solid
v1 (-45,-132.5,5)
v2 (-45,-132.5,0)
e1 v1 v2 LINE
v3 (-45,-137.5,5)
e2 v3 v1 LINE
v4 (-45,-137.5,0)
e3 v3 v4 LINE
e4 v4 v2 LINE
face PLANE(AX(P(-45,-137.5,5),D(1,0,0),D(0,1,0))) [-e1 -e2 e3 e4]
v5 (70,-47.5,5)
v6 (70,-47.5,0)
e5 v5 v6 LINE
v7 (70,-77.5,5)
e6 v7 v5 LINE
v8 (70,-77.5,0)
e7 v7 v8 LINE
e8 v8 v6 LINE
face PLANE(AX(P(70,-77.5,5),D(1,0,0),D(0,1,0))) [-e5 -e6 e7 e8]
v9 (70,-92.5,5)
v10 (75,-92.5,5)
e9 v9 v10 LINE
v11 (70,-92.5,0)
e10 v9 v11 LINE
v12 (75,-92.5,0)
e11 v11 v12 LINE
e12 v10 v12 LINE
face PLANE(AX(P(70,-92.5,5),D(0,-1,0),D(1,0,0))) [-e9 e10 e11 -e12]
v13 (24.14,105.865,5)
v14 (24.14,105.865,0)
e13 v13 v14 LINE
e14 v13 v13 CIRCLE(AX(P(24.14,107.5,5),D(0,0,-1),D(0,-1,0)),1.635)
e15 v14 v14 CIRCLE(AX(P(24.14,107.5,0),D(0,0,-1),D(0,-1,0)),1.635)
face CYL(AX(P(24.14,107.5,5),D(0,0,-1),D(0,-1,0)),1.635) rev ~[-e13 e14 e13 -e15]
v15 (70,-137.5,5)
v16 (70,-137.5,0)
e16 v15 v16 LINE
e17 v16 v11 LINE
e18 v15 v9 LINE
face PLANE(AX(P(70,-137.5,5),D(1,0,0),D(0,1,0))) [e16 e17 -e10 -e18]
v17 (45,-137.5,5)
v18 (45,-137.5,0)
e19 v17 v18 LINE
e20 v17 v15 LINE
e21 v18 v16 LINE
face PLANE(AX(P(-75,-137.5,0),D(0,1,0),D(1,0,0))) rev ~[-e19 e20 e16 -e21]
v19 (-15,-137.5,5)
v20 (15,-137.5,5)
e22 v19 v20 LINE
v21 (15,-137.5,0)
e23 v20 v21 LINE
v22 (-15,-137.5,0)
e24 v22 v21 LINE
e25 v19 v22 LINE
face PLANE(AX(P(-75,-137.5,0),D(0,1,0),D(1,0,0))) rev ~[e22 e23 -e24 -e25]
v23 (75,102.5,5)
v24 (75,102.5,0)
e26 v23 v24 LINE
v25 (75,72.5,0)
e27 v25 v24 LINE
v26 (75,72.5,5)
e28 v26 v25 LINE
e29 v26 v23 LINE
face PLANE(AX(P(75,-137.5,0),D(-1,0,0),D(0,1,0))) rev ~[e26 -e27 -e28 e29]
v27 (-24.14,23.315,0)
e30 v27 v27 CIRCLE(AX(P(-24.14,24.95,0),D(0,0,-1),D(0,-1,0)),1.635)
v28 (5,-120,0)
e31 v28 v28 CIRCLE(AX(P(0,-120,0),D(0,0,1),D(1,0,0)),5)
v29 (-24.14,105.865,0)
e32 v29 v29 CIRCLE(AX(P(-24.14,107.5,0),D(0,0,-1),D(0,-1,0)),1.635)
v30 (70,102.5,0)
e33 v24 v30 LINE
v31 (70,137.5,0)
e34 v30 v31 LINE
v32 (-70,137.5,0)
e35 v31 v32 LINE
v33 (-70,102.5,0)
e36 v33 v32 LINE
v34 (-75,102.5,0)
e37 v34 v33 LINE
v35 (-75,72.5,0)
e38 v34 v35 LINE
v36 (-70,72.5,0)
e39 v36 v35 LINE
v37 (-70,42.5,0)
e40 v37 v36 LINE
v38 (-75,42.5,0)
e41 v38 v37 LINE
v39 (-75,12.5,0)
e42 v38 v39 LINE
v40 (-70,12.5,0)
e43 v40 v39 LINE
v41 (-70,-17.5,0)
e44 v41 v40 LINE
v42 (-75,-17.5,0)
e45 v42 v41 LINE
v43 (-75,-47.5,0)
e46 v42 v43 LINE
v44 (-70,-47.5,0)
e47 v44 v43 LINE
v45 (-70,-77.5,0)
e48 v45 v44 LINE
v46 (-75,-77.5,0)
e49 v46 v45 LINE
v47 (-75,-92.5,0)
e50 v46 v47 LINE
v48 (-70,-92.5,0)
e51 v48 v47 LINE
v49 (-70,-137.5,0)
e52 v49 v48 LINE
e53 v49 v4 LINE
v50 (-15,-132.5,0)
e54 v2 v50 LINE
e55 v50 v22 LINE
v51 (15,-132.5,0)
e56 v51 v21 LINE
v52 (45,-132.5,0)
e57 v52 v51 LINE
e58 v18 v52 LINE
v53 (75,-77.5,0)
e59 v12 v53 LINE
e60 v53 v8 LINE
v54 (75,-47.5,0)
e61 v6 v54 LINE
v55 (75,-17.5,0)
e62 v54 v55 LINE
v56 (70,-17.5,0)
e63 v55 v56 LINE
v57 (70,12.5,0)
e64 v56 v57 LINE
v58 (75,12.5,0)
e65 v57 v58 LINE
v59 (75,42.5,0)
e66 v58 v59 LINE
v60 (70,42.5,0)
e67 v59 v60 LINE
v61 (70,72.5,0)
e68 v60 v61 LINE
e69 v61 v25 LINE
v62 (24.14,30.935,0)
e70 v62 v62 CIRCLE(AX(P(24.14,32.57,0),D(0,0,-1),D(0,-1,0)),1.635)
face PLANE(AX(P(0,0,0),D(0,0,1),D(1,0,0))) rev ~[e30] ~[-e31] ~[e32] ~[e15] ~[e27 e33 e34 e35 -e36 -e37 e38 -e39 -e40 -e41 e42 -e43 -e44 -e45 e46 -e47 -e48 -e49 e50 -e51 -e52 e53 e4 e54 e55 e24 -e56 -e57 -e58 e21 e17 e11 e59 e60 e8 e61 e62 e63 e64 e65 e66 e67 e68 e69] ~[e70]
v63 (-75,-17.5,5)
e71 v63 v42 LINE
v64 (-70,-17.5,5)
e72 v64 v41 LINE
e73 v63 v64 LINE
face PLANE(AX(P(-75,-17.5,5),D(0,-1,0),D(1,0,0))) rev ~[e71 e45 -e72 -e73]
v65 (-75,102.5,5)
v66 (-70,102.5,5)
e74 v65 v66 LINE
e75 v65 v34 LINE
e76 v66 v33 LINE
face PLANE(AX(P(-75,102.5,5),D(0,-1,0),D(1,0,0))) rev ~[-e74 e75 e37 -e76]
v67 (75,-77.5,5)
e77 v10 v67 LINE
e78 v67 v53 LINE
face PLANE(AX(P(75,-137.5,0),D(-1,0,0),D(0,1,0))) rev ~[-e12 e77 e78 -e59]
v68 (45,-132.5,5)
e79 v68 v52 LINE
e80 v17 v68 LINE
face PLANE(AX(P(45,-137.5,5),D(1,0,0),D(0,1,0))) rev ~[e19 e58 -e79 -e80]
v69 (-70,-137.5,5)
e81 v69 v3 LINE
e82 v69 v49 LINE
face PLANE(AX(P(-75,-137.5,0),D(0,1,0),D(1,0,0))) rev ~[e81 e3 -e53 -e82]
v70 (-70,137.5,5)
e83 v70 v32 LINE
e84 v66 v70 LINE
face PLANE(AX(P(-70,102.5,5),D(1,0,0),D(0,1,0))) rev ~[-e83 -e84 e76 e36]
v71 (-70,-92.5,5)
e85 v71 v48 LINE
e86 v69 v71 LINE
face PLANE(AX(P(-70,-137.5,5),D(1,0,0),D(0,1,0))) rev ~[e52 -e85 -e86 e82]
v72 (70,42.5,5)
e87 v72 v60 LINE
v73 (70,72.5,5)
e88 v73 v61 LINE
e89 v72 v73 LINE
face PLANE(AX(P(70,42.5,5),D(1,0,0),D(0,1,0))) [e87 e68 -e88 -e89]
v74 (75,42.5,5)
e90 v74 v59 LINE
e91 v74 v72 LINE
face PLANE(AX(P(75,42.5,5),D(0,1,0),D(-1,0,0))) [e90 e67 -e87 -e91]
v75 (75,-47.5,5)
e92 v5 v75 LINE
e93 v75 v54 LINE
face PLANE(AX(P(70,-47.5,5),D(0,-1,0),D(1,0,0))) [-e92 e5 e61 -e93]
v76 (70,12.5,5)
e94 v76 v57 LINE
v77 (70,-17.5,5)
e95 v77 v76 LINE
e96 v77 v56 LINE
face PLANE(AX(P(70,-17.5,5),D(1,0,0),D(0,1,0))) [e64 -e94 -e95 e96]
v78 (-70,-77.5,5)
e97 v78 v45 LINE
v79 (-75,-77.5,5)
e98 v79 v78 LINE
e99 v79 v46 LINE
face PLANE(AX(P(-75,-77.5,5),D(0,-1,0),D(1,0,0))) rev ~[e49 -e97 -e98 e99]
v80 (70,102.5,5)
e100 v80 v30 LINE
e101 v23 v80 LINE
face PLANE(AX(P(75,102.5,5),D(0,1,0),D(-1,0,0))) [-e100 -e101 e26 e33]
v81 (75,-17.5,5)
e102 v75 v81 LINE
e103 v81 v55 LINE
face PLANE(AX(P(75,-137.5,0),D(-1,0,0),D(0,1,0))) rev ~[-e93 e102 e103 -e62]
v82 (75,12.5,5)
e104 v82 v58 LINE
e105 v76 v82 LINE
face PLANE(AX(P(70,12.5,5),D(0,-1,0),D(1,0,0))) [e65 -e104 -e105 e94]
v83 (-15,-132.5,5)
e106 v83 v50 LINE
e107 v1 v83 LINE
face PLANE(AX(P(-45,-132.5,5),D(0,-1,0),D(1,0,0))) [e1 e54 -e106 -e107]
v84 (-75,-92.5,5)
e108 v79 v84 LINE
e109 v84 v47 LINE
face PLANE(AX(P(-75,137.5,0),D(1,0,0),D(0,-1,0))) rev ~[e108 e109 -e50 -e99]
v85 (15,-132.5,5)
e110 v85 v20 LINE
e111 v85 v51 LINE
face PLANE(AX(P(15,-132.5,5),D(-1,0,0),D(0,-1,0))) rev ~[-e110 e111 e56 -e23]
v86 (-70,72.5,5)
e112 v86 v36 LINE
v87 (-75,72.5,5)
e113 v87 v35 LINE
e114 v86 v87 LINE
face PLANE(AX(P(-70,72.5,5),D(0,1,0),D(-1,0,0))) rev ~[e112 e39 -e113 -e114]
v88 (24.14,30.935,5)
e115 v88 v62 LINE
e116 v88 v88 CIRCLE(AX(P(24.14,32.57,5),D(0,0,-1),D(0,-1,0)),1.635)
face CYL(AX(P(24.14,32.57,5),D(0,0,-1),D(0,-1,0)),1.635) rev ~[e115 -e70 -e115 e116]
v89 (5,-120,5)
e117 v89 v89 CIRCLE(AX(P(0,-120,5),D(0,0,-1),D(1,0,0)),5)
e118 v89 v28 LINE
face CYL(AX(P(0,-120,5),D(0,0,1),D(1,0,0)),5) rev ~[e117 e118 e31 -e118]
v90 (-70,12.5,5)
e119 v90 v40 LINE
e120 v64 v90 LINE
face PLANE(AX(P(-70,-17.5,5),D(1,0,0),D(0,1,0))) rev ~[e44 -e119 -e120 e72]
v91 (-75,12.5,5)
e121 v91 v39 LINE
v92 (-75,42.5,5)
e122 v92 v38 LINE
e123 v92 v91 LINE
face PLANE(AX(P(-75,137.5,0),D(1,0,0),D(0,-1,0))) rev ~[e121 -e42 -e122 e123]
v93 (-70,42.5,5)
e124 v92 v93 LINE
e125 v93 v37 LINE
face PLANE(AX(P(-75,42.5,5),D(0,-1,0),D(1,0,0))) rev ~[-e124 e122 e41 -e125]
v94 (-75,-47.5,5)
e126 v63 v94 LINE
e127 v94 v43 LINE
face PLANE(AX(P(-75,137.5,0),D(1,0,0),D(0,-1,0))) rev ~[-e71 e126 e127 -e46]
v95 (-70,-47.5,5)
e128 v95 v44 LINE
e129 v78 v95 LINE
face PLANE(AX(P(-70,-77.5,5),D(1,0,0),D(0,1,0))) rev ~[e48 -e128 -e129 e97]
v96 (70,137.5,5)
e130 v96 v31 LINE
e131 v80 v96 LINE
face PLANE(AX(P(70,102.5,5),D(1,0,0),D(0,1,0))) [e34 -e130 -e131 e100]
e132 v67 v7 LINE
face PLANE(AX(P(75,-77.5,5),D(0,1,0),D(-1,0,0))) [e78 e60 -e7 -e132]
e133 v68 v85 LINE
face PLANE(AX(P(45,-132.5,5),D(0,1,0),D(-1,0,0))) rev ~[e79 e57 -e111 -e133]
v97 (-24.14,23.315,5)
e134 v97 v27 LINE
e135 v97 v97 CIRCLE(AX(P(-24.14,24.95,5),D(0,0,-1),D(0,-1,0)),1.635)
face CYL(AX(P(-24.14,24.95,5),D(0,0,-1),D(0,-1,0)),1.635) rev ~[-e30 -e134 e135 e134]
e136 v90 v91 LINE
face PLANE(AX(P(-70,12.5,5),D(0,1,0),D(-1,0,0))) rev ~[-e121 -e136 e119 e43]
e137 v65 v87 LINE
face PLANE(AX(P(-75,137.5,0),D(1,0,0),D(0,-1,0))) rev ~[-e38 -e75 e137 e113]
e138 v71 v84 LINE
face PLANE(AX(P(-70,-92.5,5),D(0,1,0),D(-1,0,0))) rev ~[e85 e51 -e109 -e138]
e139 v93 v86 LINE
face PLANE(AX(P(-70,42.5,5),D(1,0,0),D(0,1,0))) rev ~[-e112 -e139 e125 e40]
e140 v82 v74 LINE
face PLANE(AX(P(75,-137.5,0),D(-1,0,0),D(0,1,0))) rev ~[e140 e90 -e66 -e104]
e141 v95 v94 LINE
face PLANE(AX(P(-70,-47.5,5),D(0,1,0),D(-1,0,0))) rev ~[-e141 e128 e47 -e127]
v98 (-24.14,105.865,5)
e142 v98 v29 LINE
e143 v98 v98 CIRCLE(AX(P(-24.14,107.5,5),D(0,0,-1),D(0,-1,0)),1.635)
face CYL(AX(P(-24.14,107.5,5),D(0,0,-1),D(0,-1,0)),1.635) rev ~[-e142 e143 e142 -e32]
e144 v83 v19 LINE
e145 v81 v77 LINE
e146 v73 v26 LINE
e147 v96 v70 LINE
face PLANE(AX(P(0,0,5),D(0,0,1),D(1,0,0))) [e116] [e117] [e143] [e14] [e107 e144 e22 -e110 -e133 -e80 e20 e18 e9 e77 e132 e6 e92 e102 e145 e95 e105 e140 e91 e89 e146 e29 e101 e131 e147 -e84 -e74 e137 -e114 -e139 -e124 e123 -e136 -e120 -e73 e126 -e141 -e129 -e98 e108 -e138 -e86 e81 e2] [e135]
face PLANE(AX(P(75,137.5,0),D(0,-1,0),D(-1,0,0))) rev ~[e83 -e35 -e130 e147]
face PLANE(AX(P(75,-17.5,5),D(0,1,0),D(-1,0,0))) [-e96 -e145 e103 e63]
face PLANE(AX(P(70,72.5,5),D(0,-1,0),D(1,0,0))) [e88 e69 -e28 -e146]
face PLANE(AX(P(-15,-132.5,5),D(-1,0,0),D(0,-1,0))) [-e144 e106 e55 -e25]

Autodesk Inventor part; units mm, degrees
sketch "Sketch1" plane through (0, 0, 0) normal (0, 0, 1) x (1, 0, 0)
  line L0 (0, 2.8582) -> (0, -2.8582) construction
  line L1 (-5.7775, 0) -> (5.7775, 0) construction
  line L2 (-75, -137.5) -> (75, -137.5)
  line L3 (75, -137.5) -> (75, 137.5)
  line L4 (75, 137.5) -> (-75, 137.5)
  line L5 (-75, 137.5) -> (-75, -137.5)
  line L6 (-75, -137.5) -> (75, 137.5) construction
  line L7 (75, -137.5) -> (-75, 137.5) construction
  point P0 (0, 0)
  point P1 (0, 0)
  dimension "d0" = 150
  dimension "d1" = 275
extrude "Extrusion1" add sketch "Sketch1" along normal blind 5
sketch "Sketch2" plane through (0, 0, 5) normal (0, 0, 1) x (1, 0, 0)
  line L0 (0, 0) -> (0, -120)
  circle A0 centre (0, -120) radius 5
  line L1 (-75, 137.5) -> (-75, -137.5) projected
  line L2 (-75, -137.5) -> (-70, -137.5)
  line L3 (-70, -137.5) -> (-70, -92.5)
  line L4 (-70, -92.5) -> (-75, -92.5)
  line L5 (-75, -92.5) -> (-75, -137.5)
  line L6 (-75, -92.5) -> (-75, -77.5)
  line L7 (-75, -77.5) -> (-75, -47.5)
  line L8 (-75, -47.5) -> (-75, -17.5)
  line L9 (-75, -17.5) -> (-75, 12.5)
  line L10 (-75, 12.5) -> (-75, 42.5)
  line L11 (-75, 42.5) -> (-75, 72.5)
  line L12 (-75, 72.5) -> (-75, 102.5)
  line L13 (-75, 102.5) -> (-75, 132.5)
  line L14 (-75, -77.5) -> (-70, -77.5)
  line L15 (-70, -77.5) -> (-70, -47.5)
  line L16 (-70, -47.5) -> (-75, -47.5)
  line L17 (-75, -47.5) -> (-75, -77.5)
  line L18 (-75, -17.5) -> (-70, -17.5)
  line L19 (-70, -17.5) -> (-70, 12.5)
  line L20 (-70, 12.5) -> (-75, 12.5)
  line L21 (-75, 12.5) -> (-75, -17.5)
  line L22 (-75, 42.5) -> (-70, 42.5)
  line L23 (-70, 42.5) -> (-70, 72.5)
  line L24 (-70, 72.5) -> (-75, 72.5)
  line L25 (-75, 72.5) -> (-75, 42.5)
  line L26 (75, 137.5) -> (-75, 137.5) projected
  line L27 (-75, 102.5) -> (-70, 102.5)
  line L28 (-70, 102.5) -> (-70, 137.5)
  line L29 (-70, 137.5) -> (-75, 137.5)
  line L30 (-75, 137.5) -> (-75, 102.5)
  line L31 (75, -137.5) -> (75, 137.5) projected
  line L32 (75, -137.5) -> (75, -92.5)
  line L33 (75, -92.5) -> (75, -77.5)
  line L34 (75, -77.5) -> (75, -47.5)
  line L35 (75, -47.5) -> (75, -17.5)
  line L36 (75, -17.5) -> (75, 12.5)
  line L37 (75, 12.5) -> (75, 42.5)
  line L38 (75, 42.5) -> (75, 72.5)
  line L39 (75, 72.5) -> (75, 102.5)
  line L40 (75, 102.5) -> (75, 132.5)
  line L41 (-75, -137.5) -> (75, -137.5) projected
  line L42 (75, -137.5) -> (70, -137.5)
  line L43 (70, -137.5) -> (70, -92.5)
  line L44 (70, -92.5) -> (75, -92.5)
  line L45 (75, -92.5) -> (75, -137.5)
  line L46 (75, -77.5) -> (70, -77.5)
  line L47 (70, -77.5) -> (70, -47.5)
  line L48 (70, -47.5) -> (75, -47.5)
  line L49 (75, -47.5) -> (75, -77.5)
  line L50 (75, -17.5) -> (70, -17.5)
  line L51 (70, -17.5) -> (70, 12.5)
  line L52 (70, 12.5) -> (75, 12.5)
  line L53 (75, 12.5) -> (75, -17.5)
  line L54 (75, 42.5) -> (70, 42.5)
  line L55 (70, 42.5) -> (70, 72.5)
  line L56 (70, 72.5) -> (75, 72.5)
  line L57 (75, 72.5) -> (75, 42.5)
  line L58 (75, 102.5) -> (70, 102.5)
  line L59 (70, 102.5) -> (70, 137.5)
  line L60 (70, 137.5) -> (75, 137.5)
  line L61 (75, 137.5) -> (75, 102.5)
  line L62 (0, -137.5) -> (-15, -137.5)
  line L63 (-15, -137.5) -> (15, -137.5)
  line L64 (-15, -137.5) -> (-45, -137.5)
  line L65 (-45, -137.5) -> (-45, -132.5)
  line L66 (-45, -132.5) -> (-15, -132.5)
  line L67 (-15, -132.5) -> (-15, -137.5)
  line L68 (15, -137.5) -> (45, -137.5)
  line L69 (45, -137.5) -> (45, -132.5)
  line L70 (45, -132.5) -> (15, -132.5)
  line L71 (15, -132.5) -> (15, -137.5)
  point P0 (-75, -92.5)
  dimension "d4" = 120
  dimension "d5" = 10
  dimension "d6" = 5
  dimension "d7" = 45
  dimension "d9" = 30
  dimension "d10" = 30
  dimension "d11" = 30
  dimension "d12" = 30
  dimension "d13" = 30
  dimension "d14" = 30
  dimension "d15" = 30
  dimension "d16" = 5
  dimension "d17" = 30
  dimension "d18" = 5
  dimension "d19" = 5
  dimension "d20" = 5
  dimension "d21" = 45
  dimension "d23" = 30
  dimension "d24" = 30
  dimension "d25" = 30
  dimension "d26" = 30
  dimension "d27" = 30
  dimension "d28" = 30
  dimension "d29" = 30
  dimension "d30" = 5
  dimension "d31" = 5
  dimension "d32" = 15
  dimension "d33" = 30
  dimension "d34" = 30
  dimension "d35" = 5
  dimension "d36" = 30
  dimension "d37" = 5
  dimension "d40" = 45
extrude "Extrusion2" cut sketch "Sketch2" against normal blind 8 contours A0 | L26 L28 L27 L1 | L26 L31 L58 L59 | L24 L23 L22 L1 | L20 L19 L18 L1 | L31 L54 L55 L56 | L16 L15 L14 L1 | L31 L50 L51 L52 | L4 L3 L2 L1 | L31 L46 L47 L48 | L31 L41 L43 L44 | L65 L66 L67 L41 | L41 L71 L70 L69
sketch "Sketch3" plane through (0, 0, 5) normal (0, 0, 1) x (1, 0, 0)
  line L0 (70, 137.5) -> (-70, 137.5) projected
  line L1 (0, 137.5) -> (0, 107.5)
  line L2 (0, 107.5) -> (-24.14, 107.5)
  line L3 (0, 107.5) -> (24.14, 107.5)
  line L4 (24.14, 107.5) -> (24.14, 32.57)
  line L5 (-24.14, 107.5) -> (-24.14, 24.95)
  point P0 (0, 0)
  dimension "d42" = 30
  dimension "d43" = 24.14
  dimension "d44" = 24.14
  dimension "d45" = 74.93
  dimension "d46" = 82.55
hole "Hole1" at (-24.14, 24.95, 5) at (24.14, 32.57, 5) at (24.14, 107.5, 5) at (-24.14, 107.5, 5) direction (0, 0, -1) diameter 3.27 end through all
properties part number "Plaat boven" material "S235"
